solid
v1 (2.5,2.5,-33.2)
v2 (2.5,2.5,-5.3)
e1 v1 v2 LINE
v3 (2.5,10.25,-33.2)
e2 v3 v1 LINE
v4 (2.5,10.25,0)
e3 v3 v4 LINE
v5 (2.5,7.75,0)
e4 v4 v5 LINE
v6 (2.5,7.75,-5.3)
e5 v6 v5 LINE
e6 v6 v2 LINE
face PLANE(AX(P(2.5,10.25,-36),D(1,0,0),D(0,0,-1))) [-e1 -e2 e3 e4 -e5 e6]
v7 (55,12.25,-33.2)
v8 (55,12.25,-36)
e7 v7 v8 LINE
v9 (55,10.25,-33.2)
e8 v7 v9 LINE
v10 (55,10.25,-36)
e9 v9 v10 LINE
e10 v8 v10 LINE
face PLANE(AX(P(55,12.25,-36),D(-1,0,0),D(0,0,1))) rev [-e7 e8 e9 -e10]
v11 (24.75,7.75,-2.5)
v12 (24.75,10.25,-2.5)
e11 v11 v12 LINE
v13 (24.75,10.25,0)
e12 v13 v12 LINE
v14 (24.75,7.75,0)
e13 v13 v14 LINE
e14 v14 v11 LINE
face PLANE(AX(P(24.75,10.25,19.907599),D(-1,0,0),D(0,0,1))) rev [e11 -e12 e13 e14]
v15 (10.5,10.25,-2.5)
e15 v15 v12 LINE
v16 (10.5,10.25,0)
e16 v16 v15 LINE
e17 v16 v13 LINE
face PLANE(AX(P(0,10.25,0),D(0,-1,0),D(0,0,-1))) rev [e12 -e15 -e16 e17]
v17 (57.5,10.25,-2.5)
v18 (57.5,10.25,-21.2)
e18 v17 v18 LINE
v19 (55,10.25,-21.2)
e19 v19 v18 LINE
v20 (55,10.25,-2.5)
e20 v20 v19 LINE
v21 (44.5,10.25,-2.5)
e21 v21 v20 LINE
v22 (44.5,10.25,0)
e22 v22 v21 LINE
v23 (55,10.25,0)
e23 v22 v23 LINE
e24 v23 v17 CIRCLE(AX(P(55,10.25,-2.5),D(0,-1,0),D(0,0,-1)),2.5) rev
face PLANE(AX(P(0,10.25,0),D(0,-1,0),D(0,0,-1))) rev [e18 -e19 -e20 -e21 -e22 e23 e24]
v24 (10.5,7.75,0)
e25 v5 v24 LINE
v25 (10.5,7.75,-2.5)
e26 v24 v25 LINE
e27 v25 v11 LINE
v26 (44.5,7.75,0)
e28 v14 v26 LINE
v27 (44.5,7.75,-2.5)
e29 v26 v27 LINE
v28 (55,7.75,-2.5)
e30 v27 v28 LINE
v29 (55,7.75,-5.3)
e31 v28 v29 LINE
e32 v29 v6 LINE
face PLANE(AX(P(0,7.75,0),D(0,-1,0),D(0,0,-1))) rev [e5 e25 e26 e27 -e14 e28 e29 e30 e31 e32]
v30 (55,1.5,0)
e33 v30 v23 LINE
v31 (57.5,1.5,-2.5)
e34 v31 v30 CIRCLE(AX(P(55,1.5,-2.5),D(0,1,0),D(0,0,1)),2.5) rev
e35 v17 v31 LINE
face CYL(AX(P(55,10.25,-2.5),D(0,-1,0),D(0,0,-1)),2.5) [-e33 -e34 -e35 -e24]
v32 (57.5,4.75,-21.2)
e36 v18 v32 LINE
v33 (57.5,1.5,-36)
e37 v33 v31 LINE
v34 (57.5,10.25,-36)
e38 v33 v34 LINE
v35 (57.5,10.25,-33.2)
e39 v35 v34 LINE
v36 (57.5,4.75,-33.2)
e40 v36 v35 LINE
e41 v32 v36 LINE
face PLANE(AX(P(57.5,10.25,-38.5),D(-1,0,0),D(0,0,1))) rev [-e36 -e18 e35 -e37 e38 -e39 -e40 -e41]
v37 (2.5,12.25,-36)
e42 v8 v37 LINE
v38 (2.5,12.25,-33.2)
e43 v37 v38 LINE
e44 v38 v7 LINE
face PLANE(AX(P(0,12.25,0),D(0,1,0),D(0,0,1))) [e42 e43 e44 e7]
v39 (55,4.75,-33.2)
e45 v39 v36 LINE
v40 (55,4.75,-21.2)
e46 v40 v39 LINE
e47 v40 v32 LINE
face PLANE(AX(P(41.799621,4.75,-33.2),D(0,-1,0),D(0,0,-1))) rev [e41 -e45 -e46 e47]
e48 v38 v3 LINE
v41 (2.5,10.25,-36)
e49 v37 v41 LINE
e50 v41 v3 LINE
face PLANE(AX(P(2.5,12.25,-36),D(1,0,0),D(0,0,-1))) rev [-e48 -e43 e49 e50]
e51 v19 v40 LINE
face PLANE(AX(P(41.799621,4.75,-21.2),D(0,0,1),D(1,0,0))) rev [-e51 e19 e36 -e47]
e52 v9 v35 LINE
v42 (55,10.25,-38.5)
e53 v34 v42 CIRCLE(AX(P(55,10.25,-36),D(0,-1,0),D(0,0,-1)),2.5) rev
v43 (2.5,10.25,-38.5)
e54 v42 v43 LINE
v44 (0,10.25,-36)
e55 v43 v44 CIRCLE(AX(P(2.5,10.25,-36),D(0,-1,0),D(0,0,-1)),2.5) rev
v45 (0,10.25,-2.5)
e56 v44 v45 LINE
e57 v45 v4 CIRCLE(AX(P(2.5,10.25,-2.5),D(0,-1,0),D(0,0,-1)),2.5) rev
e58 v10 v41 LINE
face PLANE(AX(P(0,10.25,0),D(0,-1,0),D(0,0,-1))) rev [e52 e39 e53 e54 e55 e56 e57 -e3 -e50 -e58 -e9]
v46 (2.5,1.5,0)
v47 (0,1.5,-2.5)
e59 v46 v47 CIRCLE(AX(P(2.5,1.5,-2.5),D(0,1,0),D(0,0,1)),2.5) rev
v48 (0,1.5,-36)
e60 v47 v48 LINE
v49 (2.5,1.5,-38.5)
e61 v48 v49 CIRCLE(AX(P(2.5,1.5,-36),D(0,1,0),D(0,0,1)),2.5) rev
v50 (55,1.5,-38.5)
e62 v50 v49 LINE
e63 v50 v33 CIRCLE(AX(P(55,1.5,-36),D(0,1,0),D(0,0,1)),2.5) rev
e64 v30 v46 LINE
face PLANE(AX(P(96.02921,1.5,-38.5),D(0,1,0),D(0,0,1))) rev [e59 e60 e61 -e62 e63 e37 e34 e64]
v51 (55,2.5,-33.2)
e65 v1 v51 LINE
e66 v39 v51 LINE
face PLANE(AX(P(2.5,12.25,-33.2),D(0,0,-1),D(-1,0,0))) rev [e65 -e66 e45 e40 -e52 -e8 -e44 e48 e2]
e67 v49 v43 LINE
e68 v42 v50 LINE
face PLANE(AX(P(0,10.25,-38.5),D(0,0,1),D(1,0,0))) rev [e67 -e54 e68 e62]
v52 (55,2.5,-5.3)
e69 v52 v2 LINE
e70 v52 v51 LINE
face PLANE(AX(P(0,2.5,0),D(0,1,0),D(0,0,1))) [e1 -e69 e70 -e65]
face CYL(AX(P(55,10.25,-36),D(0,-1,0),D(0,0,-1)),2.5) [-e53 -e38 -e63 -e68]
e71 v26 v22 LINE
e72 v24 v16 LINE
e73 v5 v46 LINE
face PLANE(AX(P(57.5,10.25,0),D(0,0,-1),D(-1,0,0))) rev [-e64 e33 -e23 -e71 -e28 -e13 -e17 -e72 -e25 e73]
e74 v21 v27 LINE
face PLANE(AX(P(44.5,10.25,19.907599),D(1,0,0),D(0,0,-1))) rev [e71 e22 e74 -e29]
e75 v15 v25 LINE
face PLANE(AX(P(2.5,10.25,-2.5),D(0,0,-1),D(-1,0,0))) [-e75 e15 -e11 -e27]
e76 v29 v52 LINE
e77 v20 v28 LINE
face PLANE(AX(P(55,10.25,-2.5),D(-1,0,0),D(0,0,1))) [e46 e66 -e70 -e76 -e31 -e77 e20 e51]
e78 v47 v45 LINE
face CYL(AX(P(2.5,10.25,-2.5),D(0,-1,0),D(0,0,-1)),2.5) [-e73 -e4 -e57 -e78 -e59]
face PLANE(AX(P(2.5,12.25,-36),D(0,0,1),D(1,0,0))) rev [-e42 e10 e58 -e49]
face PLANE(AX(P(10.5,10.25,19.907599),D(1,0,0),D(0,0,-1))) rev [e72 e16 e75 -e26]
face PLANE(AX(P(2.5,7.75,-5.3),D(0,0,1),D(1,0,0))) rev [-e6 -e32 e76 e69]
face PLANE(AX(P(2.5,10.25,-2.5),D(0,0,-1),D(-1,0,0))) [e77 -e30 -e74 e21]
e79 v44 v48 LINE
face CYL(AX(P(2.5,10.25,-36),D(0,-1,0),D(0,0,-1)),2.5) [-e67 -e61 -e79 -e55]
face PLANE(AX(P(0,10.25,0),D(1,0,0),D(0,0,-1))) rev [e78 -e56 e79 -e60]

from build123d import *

# Parameters (mm, degrees)
SKETCH1_W            = 57.5
SKETCH1_H            = 38.5
SKETCH1_W_2          = 52.5
SKETCH1_H_2          = 33.5
BOSS_EXTRUDE1_DEPTH  = 10.25
SKETCH10_W           = 52.5
SKETCH10_H           = 33.5
BOSS_EXTRUDE8_DEPTH  = 2.5
SKETCH11_W           = 52.5
SKETCH11_H           = 2.8
BOSS_EXTRUDE9_DEPTH  = 9.75
SKETCH12_W           = 52.5
SKETCH12_H           = 2.8
BOSS_EXTRUDE10_DEPTH = 5.25
SKETCH13_W           = 12
SKETCH13_H           = 5.5
CUT_EXTRUDE1_DEPTH   = 2.5
SKETCH14_W           = 8
SKETCH14_H           = 2.5
SKETCH14_W_2         = 19.75
CUT_EXTRUDE2_DEPTH   = 2.5
SKETCH15_W           = 38.5
SKETCH15_H           = 1.5
CUT_EXTRUDE3_DEPTH   = 57.5
FILLET1_R            = 2.5


with BuildPart() as part:
    # Sketch1 → Boss-Extrude1 (new body)
    with BuildSketch(Plane(origin=(0, 0, 0), x_dir=(1, 0, 0), z_dir=(0, 1, 0))):
        with Locations((28.75, 19.25)):
            Rectangle(SKETCH1_W, SKETCH1_H)
        with Locations((28.75, 19.25)):
            Rectangle(SKETCH1_W_2, SKETCH1_H_2, mode=Mode.SUBTRACT)
    extrude(amount=BOSS_EXTRUDE1_DEPTH)

    # Sketch10 → Boss-Extrude8 (add)
    with BuildSketch(Plane(origin=(0, 0, 0), x_dir=(1, 0, 0), z_dir=(0, 1, 0))):
        with Locations((28.75, 19.25)):
            Rectangle(SKETCH10_W, SKETCH10_H)
    extrude(amount=BOSS_EXTRUDE8_DEPTH)

    # Sketch11 → Boss-Extrude9 (add)
    with BuildSketch(Plane(origin=(0, 2.5, 0), x_dir=(1, 0, 0), z_dir=(0, 1, 0))):
        with Locations((28.75, 34.6)):
            Rectangle(SKETCH11_W, SKETCH11_H)
    extrude(amount=BOSS_EXTRUDE9_DEPTH)

    # Sketch12 → Boss-Extrude10 (add)
    with BuildSketch(Plane(origin=(0, 2.5, 0), x_dir=(1, 0, 0), z_dir=(0, 1, 0))):
        with Locations((28.75, 3.9)):
            Rectangle(SKETCH12_W, SKETCH12_H)
    extrude(amount=BOSS_EXTRUDE10_DEPTH)

    # Sketch13 → Cut-Extrude1 (cut)
    with BuildSketch(Plane(origin=(57.5, 0, 0), x_dir=(0, 0, -1), z_dir=(1, 0, 0))):
        with Locations((27.2, 7.5)):
            Rectangle(SKETCH13_W, SKETCH13_H)
    extrude(amount=-CUT_EXTRUDE1_DEPTH, mode=Mode.SUBTRACT)

    # Sketch14 → Cut-Extrude2 (cut)
    with BuildSketch(Plane(origin=(0, 0, -2.5), x_dir=(-1, 0, 0), z_dir=(0, 0, -1))):
        with Locations((-6.5, 9)):
            Rectangle(SKETCH14_W, SKETCH14_H)
        with Locations((-34.625, 9)):
            Rectangle(SKETCH14_W_2, SKETCH14_H)
    extrude(amount=-CUT_EXTRUDE2_DEPTH, mode=Mode.SUBTRACT)

    # Sketch15 → Cut-Extrude3 (cut)
    with BuildSketch(Plane.ZY):
        with Locations((-19.25, 0.75)):
            Rectangle(SKETCH15_W, SKETCH15_H)
    extrude(amount=-CUT_EXTRUDE3_DEPTH, mode=Mode.SUBTRACT)

    # Fillet1
    fillet1_edges = [part.edges().sort_by_distance(p)[0] for p in [
        (0, 5.875, 0),
        (0, 5.875, -38.5),
        (57.5, 5.875, -38.5),
        (57.5, 5.875, 0),
    ]]
    fillet(fillet1_edges, radius=FILLET1_R)


solid = part.part
